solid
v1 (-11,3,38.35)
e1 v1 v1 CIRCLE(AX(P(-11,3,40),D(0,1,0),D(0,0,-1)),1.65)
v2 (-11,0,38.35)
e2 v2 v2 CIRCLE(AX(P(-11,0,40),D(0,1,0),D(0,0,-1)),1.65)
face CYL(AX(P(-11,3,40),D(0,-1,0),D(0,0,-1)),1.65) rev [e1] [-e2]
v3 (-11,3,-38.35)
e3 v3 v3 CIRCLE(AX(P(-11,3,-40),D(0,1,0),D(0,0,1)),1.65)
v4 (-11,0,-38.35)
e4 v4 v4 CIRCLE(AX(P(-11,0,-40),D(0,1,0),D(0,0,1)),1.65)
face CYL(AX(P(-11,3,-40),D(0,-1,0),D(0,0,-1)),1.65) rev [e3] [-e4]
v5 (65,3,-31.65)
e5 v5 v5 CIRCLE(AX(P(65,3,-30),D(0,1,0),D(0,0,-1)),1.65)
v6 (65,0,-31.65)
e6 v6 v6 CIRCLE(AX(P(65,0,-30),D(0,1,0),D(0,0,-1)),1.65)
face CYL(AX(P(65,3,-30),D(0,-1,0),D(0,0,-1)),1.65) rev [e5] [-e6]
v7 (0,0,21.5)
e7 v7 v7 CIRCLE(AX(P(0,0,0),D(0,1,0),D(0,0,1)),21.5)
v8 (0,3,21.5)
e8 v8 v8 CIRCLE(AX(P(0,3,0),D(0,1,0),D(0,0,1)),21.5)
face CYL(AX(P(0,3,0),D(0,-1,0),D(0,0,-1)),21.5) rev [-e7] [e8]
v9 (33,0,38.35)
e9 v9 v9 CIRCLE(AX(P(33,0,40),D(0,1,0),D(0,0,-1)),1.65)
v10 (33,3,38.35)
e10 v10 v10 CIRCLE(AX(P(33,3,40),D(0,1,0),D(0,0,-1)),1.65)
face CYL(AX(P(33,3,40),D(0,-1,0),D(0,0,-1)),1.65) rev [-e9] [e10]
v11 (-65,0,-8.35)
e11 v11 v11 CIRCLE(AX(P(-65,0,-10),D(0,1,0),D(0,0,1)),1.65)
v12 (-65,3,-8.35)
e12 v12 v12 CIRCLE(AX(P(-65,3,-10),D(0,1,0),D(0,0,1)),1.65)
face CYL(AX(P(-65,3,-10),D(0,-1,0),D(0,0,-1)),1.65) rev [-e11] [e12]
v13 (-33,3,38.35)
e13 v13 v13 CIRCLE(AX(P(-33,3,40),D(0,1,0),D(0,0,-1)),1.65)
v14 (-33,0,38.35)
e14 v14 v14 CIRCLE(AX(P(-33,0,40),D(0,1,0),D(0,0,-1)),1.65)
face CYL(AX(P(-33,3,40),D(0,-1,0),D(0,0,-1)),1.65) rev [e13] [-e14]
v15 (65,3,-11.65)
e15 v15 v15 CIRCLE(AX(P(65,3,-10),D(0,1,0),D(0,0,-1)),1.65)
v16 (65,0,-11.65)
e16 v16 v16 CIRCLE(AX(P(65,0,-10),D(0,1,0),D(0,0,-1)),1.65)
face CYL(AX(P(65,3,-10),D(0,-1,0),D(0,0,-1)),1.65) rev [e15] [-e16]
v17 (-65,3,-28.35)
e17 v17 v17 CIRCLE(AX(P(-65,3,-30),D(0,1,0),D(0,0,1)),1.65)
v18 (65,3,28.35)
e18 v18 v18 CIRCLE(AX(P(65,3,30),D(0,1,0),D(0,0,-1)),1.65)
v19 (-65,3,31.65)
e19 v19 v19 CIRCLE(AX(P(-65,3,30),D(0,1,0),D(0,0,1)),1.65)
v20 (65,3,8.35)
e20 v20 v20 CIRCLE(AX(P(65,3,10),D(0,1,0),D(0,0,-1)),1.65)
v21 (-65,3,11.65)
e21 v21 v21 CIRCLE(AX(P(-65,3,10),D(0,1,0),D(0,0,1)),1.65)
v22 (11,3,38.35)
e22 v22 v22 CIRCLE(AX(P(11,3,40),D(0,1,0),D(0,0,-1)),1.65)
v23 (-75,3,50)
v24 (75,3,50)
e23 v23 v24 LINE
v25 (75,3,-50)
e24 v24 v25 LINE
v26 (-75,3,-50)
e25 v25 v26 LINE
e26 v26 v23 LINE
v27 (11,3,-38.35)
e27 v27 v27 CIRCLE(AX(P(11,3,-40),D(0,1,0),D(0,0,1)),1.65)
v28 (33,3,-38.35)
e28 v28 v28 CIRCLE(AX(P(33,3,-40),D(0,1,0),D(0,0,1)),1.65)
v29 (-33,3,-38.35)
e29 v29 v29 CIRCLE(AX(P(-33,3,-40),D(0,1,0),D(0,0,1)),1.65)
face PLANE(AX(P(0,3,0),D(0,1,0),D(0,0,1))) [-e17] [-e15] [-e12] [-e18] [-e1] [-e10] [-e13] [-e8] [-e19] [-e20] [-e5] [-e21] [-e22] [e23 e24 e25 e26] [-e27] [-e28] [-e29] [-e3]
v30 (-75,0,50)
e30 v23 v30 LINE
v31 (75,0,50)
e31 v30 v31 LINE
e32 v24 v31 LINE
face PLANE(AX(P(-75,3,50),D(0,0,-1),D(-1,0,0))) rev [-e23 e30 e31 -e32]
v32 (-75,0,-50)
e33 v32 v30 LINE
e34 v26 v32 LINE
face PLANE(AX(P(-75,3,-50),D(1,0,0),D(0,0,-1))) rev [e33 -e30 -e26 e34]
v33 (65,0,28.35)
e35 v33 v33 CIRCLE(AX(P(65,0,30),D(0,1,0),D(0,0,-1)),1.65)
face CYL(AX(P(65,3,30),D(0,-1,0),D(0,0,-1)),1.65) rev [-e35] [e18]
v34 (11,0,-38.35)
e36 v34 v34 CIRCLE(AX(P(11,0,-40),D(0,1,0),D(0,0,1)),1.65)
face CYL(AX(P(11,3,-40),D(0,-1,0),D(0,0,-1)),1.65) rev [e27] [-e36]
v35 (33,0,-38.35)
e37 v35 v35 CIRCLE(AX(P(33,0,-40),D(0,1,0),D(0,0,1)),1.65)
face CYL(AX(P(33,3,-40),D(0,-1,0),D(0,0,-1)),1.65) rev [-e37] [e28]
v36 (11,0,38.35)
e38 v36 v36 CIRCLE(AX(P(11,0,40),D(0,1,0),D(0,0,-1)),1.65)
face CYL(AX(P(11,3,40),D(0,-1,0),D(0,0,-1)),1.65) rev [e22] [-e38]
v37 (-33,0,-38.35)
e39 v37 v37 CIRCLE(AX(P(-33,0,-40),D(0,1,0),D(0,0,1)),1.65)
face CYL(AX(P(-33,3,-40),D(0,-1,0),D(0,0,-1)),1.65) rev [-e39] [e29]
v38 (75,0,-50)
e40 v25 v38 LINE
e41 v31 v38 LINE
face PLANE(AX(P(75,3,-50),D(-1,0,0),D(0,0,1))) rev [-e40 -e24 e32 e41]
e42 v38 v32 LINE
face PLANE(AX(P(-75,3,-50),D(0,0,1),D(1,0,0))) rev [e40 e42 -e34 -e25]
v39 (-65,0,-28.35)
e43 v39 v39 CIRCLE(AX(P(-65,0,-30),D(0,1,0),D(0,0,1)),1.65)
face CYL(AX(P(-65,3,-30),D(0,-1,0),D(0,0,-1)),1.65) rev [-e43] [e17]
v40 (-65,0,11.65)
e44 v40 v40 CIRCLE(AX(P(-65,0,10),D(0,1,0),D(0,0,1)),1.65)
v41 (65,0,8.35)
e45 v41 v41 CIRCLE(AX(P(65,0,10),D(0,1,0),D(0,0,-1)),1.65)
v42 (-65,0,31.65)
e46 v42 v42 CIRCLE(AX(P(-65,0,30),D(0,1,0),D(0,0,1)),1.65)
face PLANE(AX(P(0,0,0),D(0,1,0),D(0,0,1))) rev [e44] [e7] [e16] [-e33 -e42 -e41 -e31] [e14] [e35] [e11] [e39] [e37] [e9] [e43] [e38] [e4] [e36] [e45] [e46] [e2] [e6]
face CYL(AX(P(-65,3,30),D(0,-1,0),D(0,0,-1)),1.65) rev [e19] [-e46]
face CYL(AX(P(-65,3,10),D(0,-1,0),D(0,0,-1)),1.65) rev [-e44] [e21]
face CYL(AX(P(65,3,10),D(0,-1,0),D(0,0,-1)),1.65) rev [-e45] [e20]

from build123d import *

# Parameters (mm, degrees)
SKETCH_1_W      = 150
SKETCH_1_H      = 100
SKETCH_1_R      = 21.5
SKETCH_1_R_2    = 1.65
EXTRUDE_1_DEPTH = 3


with BuildPart() as part:
    # 草图1 → 凸台-拉伸1 (new body)
    with BuildSketch(Plane(origin=(0, 0, 0), x_dir=(1, 0, 0), z_dir=(0, 1, 0))):
        Rectangle(SKETCH_1_W, SKETCH_1_H)
        with Locations(Location((0, 0, 0), (0, 0, 270))):
            Circle(SKETCH_1_R, mode=Mode.SUBTRACT)
        with Locations(Location((-65, 30, 0), (0, 0, 270))):
            Circle(SKETCH_1_R_2, mode=Mode.SUBTRACT)
        with Locations(Location((-65, 10, 0), (0, 0, 270))):
            Circle(SKETCH_1_R_2, mode=Mode.SUBTRACT)
        with Locations(Location((-65, -10, 0), (0, 0, 270))):
            Circle(SKETCH_1_R_2, mode=Mode.SUBTRACT)
        with Locations(Location((-65, -30, 0), (0, 0, 270))):
            Circle(SKETCH_1_R_2, mode=Mode.SUBTRACT)
        with Locations(Location((65, -30, 0), (0, 0, 90))):
            Circle(SKETCH_1_R_2, mode=Mode.SUBTRACT)
        with Locations(Location((65, -10, 0), (0, 0, 90))):
            Circle(SKETCH_1_R_2, mode=Mode.SUBTRACT)
        with Locations(Location((65, 10, 0), (0, 0, 90))):
            Circle(SKETCH_1_R_2, mode=Mode.SUBTRACT)
        with Locations(Location((65, 30, 0), (0, 0, 90))):
            Circle(SKETCH_1_R_2, mode=Mode.SUBTRACT)
        with Locations(Location((33, 40, 0), (0, 0, 270))):
            Circle(SKETCH_1_R_2, mode=Mode.SUBTRACT)
        with Locations(Location((11, 40, 0), (0, 0, 270))):
            Circle(SKETCH_1_R_2, mode=Mode.SUBTRACT)
        with Locations(Location((-11, 40, 0), (0, 0, 270))):
            Circle(SKETCH_1_R_2, mode=Mode.SUBTRACT)
        with Locations(Location((-33, 40, 0), (0, 0, 270))):
            Circle(SKETCH_1_R_2, mode=Mode.SUBTRACT)
        with Locations(Location((33, -40, 0), (0, 0, 90))):
            Circle(SKETCH_1_R_2, mode=Mode.SUBTRACT)
        with Locations(Location((11, -40, 0), (0, 0, 90))):
            Circle(SKETCH_1_R_2, mode=Mode.SUBTRACT)
        with Locations(Location((-11, -40, 0), (0, 0, 90))):
            Circle(SKETCH_1_R_2, mode=Mode.SUBTRACT)
        with Locations(Location((-33, -40, 0), (0, 0, 90))):
            Circle(SKETCH_1_R_2, mode=Mode.SUBTRACT)
    extrude(amount=EXTRUDE_1_DEPTH)


solid = part.part
